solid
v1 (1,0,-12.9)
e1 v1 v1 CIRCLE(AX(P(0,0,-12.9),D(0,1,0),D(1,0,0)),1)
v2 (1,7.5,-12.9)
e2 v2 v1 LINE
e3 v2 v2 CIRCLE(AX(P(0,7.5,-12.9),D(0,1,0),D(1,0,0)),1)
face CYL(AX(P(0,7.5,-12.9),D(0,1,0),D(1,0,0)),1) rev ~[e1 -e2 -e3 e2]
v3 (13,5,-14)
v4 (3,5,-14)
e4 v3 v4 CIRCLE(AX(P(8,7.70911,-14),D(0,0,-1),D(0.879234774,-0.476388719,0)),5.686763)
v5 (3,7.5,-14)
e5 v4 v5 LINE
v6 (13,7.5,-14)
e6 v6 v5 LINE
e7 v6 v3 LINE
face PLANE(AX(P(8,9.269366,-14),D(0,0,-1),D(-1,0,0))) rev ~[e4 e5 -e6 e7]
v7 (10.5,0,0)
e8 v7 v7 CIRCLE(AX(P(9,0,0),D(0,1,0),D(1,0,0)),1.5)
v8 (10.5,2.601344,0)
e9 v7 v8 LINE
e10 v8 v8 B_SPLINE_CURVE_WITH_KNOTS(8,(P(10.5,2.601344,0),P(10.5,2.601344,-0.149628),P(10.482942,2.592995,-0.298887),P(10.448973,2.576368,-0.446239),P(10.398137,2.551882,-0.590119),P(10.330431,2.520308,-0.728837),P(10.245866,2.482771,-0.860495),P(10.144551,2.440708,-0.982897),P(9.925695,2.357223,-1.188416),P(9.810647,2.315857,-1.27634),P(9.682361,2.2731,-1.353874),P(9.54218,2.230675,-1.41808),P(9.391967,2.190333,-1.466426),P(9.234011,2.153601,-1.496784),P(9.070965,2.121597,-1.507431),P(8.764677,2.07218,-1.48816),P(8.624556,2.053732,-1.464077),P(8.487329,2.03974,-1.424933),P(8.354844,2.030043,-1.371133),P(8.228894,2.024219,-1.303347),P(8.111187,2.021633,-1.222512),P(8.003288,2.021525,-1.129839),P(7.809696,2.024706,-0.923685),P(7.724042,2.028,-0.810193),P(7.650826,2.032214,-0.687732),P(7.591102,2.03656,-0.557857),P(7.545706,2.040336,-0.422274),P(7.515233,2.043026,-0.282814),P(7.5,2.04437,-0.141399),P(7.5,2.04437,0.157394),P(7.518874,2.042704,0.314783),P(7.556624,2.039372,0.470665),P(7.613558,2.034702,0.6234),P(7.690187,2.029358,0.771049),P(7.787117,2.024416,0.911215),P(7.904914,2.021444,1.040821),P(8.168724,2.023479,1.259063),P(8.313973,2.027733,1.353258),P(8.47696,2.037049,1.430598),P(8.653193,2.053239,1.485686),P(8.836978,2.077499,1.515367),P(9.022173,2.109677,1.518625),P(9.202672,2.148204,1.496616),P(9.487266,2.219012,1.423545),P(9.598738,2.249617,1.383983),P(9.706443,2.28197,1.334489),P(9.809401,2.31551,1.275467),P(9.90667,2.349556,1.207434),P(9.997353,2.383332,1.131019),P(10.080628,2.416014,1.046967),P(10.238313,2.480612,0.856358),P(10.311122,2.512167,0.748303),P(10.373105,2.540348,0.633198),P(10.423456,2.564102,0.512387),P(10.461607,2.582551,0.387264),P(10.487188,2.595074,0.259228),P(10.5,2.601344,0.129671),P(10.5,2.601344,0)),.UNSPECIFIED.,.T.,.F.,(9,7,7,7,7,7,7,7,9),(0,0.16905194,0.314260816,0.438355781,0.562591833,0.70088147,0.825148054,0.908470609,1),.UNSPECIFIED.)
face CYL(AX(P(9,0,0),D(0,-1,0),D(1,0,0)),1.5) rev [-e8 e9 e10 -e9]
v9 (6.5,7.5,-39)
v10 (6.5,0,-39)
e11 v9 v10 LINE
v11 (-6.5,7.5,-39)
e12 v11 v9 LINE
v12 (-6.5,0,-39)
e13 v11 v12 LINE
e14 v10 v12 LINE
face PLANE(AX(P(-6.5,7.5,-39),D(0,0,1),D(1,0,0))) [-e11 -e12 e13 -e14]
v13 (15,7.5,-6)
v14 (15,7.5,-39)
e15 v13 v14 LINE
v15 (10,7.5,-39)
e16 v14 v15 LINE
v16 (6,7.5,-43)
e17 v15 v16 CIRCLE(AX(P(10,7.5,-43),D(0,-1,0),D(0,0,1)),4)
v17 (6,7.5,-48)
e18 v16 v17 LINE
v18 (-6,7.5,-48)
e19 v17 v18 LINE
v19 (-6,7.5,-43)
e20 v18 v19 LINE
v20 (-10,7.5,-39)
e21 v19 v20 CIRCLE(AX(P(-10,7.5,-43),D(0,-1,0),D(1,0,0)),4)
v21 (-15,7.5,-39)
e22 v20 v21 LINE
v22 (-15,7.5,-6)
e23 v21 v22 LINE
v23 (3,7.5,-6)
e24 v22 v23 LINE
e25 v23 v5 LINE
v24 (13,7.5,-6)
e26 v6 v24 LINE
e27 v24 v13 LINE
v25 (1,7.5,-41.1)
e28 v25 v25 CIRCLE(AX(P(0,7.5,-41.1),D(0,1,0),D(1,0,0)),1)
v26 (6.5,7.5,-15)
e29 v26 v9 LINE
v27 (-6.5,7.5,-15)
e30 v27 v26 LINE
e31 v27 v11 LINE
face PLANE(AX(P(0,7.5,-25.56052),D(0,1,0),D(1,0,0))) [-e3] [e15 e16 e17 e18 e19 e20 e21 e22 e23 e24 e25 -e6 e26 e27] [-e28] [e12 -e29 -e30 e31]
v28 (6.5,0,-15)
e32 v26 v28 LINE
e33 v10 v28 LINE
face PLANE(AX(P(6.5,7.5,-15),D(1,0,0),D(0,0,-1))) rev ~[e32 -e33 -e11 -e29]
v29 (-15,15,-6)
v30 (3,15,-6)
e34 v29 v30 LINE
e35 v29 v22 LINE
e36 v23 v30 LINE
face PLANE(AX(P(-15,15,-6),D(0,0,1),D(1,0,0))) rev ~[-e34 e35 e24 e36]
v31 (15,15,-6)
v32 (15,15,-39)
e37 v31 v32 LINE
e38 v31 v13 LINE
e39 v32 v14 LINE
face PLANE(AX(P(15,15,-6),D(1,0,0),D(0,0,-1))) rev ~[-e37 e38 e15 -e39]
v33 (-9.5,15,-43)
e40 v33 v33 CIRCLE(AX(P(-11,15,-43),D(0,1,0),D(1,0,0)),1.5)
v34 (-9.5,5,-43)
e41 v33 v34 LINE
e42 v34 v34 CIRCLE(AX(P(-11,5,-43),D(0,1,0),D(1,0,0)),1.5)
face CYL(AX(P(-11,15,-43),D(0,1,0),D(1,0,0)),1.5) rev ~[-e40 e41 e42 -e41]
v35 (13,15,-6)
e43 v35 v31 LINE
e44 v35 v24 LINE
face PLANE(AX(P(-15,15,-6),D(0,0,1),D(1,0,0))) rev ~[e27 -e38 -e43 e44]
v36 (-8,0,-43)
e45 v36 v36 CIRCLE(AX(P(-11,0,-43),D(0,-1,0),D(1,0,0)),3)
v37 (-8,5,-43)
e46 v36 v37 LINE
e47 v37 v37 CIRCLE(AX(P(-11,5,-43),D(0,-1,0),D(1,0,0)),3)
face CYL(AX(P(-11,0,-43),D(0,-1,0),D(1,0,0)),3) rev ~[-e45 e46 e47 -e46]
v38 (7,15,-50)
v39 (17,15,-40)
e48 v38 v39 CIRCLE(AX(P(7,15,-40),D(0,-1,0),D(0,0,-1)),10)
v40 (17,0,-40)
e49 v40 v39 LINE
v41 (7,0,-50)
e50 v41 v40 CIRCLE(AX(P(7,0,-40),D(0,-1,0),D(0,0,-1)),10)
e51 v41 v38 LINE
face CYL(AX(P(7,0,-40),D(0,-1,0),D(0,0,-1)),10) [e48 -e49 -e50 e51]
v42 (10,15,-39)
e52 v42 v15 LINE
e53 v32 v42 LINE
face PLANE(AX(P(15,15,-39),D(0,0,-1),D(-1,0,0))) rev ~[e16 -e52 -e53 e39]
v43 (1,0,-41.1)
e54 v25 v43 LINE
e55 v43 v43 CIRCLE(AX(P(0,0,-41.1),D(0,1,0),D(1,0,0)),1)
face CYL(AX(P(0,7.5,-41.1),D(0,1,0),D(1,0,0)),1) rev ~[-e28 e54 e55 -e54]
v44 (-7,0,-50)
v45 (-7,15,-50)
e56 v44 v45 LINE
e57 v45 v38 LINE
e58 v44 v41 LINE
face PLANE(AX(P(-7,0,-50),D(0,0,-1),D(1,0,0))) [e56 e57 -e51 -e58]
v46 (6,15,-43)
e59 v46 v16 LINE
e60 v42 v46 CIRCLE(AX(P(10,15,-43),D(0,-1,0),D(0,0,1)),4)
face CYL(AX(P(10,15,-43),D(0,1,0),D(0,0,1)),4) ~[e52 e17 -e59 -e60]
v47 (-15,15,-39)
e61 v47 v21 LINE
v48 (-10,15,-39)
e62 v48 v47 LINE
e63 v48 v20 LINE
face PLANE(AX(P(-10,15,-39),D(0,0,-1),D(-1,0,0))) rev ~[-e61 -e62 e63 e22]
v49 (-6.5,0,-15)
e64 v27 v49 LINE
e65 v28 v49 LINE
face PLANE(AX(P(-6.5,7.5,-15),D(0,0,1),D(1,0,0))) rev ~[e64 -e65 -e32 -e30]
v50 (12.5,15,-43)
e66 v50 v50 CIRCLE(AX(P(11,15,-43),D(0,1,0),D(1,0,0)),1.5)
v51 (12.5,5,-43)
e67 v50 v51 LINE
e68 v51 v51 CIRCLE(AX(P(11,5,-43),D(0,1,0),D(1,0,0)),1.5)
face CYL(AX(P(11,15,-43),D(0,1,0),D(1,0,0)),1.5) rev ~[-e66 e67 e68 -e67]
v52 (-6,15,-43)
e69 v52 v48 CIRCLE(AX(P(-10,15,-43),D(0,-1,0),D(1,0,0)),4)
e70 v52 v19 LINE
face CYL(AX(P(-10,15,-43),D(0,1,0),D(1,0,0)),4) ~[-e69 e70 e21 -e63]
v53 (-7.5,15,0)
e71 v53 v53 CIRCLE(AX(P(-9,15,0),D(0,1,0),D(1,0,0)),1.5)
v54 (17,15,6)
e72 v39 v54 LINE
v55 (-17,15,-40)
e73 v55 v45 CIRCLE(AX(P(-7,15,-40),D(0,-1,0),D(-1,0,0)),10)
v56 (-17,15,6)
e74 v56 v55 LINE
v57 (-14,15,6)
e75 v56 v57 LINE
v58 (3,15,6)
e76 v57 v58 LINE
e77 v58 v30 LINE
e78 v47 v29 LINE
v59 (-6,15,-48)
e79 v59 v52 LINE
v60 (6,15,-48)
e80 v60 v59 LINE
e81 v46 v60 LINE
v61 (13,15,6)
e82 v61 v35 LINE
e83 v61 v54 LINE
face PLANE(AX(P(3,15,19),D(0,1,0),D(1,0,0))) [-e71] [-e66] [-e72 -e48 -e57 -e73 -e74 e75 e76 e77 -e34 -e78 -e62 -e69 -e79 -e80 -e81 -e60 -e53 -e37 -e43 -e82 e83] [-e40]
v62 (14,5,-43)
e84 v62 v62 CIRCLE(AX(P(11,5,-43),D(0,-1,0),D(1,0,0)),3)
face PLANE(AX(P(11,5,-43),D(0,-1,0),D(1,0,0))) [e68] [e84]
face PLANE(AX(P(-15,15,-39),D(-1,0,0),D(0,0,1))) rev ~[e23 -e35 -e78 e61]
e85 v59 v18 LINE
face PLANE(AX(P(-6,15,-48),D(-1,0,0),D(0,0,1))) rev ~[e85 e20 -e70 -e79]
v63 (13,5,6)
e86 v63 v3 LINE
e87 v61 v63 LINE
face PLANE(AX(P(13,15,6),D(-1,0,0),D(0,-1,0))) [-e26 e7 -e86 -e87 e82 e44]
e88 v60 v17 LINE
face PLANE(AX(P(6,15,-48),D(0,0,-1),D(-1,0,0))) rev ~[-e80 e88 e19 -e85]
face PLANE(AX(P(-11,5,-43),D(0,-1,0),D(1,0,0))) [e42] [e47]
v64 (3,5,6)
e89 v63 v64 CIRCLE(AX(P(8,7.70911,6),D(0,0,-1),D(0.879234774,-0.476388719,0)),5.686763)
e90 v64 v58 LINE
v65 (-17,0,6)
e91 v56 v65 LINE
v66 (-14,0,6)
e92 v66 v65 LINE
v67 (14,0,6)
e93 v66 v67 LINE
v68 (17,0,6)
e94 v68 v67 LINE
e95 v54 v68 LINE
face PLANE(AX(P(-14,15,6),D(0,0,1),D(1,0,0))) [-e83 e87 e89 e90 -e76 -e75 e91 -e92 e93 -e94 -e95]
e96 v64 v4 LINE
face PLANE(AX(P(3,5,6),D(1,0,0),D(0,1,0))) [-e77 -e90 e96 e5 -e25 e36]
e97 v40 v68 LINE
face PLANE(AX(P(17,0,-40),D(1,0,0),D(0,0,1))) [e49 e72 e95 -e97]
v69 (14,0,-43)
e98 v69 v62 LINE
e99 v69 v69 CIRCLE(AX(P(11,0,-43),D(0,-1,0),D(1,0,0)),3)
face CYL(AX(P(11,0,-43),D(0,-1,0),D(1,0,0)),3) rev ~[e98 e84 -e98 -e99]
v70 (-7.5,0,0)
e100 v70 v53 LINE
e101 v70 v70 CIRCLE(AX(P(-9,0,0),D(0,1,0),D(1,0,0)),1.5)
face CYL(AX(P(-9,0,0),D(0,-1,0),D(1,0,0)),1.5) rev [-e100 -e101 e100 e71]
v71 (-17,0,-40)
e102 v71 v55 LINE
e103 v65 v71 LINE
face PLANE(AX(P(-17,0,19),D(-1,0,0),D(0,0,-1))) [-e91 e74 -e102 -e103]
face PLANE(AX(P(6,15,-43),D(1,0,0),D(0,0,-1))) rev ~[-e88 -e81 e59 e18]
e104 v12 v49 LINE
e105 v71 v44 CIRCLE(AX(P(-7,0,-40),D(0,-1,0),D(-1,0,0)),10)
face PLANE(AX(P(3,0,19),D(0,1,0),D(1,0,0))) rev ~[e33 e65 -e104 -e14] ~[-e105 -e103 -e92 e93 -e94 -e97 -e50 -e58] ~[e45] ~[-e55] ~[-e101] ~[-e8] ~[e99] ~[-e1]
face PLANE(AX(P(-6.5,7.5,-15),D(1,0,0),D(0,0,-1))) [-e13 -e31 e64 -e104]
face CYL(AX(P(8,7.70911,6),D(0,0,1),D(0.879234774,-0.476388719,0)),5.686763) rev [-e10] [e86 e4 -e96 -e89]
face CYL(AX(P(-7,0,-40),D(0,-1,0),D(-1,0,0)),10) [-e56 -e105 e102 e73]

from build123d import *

# Parameters (mm, degrees)
SKETCH1_R           = 1.5
BOSS_EXTRUDE3_DEPTH = 15
SKETCH3_R           = 1.5
CUT_EXTRUDE1_DEPTH  = 7.5
SKETCH5_W           = 13
SKETCH5_H           = 24
CUT_EXTRUDE2_DEPTH  = 10
SKETCH6_R           = 1
CUT_EXTRUDE3_DEPTH  = 10
SKETCH8_R           = 5.15
CUT_EXTRUDE4_DEPTH  = 15
SKETCH9_W           = 3
SKETCH9_H           = 13
CUT_EXTRUDE5_DEPTH  = 16
FILLET2_R           = 2
SKETCH10_W          = 6
SKETCH10_H          = 1.8
CUT_EXTRUDE6_DEPTH  = 16
SKETCH11_R          = 0.75
CUT_EXTRUDE7_DEPTH  = 10
SKETCH13_R          = 1.5
CUT_EXTRUDE8_DEPTH  = 16
SKETCH14_R          = 3
CUT_EXTRUDE9_DEPTH  = 5
SKETCH15_W          = 9
SKETCH15_H          = 15
SKETCH15_R          = 1.15
BOSS_EXTRUDE4_DEPTH = 2
SKETCH16_W          = 31.135337716
SKETCH16_H          = 16.721473769
CUT_EXTRUDE10_DEPTH = 16
CUT_EXTRUDE11_DEPTH = 20


with BuildPart() as part:
    # Sketch1 → Boss-Extrude3 (new body)
    with BuildSketch(Plane(origin=(0, 0, 0), x_dir=(1, 0, 0), z_dir=(0, 1, 0))):
        with BuildLine():
            Line((17, 40), (17, -19))
            Line((17, -19), (-17, -19))
            Line((-17, -19), (-17, 40))
            ThreePointArc((-17, 40), (-14.071067812, 47.071067812), (-7, 50))
            Line((-7, 50), (7, 50))
            ThreePointArc((7, 50), (14.071067812, 47.071067812), (17, 40))
        make_face()
        with Locations((-9, 0)):
            Circle(SKETCH1_R, mode=Mode.SUBTRACT)
        with Locations((9, 0)):
            Circle(SKETCH1_R, mode=Mode.SUBTRACT)
    extrude(amount=BOSS_EXTRUDE3_DEPTH)

    # Sketch3 → Cut-Extrude1 (cut)
    with BuildSketch(Plane(origin=(0, 15, 0), x_dir=(1, 0, 0), z_dir=(0, 1, 0))):
        with Locations((-11, 43)):
            Circle(SKETCH3_R)
        with Locations((11, 43)):
            Circle(SKETCH3_R)
        with BuildLine():
            Line((6, 48), (-6, 48))
            Line((-6, 48), (-6, 43))
            ThreePointArc((-6, 43), (-7.171572875, 40.171572875), (-10, 39))
            Line((-10, 39), (-15, 39))
            Line((-15, 39), (-15, 6))
            Line((-15, 6), (15, 6))
            Line((15, 6), (15, 39))
            Line((15, 39), (10, 39))
            ThreePointArc((10, 39), (7.171572875, 40.171572875), (6, 43))
            Line((6, 43), (6, 48))
        make_face()
    extrude(amount=-CUT_EXTRUDE1_DEPTH, mode=Mode.SUBTRACT)

    # Sketch5 → Cut-Extrude2 (cut)
    with BuildSketch(Plane(origin=(0, 7.5, 0), x_dir=(1, 0, 0), z_dir=(0, 1, 0))):
        with Locations((0, 27)):
            Rectangle(SKETCH5_W, SKETCH5_H)
    extrude(amount=-CUT_EXTRUDE2_DEPTH, mode=Mode.SUBTRACT)

    # Sketch6 → Cut-Extrude3 (cut)
    with BuildSketch(Plane(origin=(0, 7.5, 0), x_dir=(1, 0, 0), z_dir=(0, 1, 0))):
        with Locations((0, 41.1)):
            Circle(SKETCH6_R)
        with Locations((0, 12.9)):
            Circle(SKETCH6_R)
    extrude(amount=-CUT_EXTRUDE3_DEPTH, mode=Mode.SUBTRACT)

    # Sketch8 → Cut-Extrude4 (cut)
    with BuildSketch(Plane(origin=(0, 15, 0), x_dir=(1, 0, 0), z_dir=(0, 1, 0))):
        with Locations((-6, -12)):
            Circle(SKETCH8_R)
        with Locations((6, -12)):
            Circle(SKETCH8_R)
    extrude(amount=-CUT_EXTRUDE4_DEPTH, mode=Mode.SUBTRACT)

    # Sketch9 → Cut-Extrude5 (cut, through all)
    with BuildSketch(Plane(origin=(0, 15, 0), x_dir=(1, 0, 0), z_dir=(0, 1, 0))):
        with Locations((15.5, -12.5)):
            Rectangle(SKETCH9_W, SKETCH9_H)
        with Locations((-15.5, -12.5)):
            Rectangle(SKETCH9_W, SKETCH9_H)
    extrude(amount=-CUT_EXTRUDE5_DEPTH, mode=Mode.SUBTRACT)

    # Fillet2
    fillet2_edges = [part.edges().sort_by_distance(p)[0] for p in [
        (14, 7.5, 19),
        (-14, 7.5, 19),
    ]]
    fillet(fillet2_edges, radius=FILLET2_R)

    # Sketch10 → Cut-Extrude6 (cut, through all)
    with BuildSketch(Plane(origin=(0, 15, 0), x_dir=(1, 0, 0), z_dir=(0, 1, 0))):
        with Locations((0, -18.1)):
            Rectangle(SKETCH10_W, SKETCH10_H)
    extrude(amount=-CUT_EXTRUDE6_DEPTH, mode=Mode.SUBTRACT)

    # Sketch11 → Cut-Extrude7 (cut)
    with BuildSketch(Plane.XY.offset(17.2)):
        with Locations((0, 7.5)):
            Circle(SKETCH11_R)
    extrude(amount=-CUT_EXTRUDE7_DEPTH, mode=Mode.SUBTRACT)

    # Sketch13 → Cut-Extrude8 (cut, through all)
    with BuildSketch(Plane(origin=(0, 15, 0), x_dir=(1, 0, 0), z_dir=(0, 1, 0))):
        with Locations((11, 43)):
            Circle(SKETCH13_R)
        with Locations((-11, 43)):
            Circle(SKETCH13_R)
    extrude(amount=-CUT_EXTRUDE8_DEPTH, mode=Mode.SUBTRACT)

    # Sketch14 → Cut-Extrude9 (cut)
    with BuildSketch(Plane.XZ):
        with Locations((11, -43)):
            Circle(SKETCH14_R)
        with Locations((-11, -43)):
            Circle(SKETCH14_R)
    extrude(amount=-CUT_EXTRUDE9_DEPTH, mode=Mode.SUBTRACT)

    # Sketch15 → Boss-Extrude4 (add)
    with BuildSketch(Plane.XY.offset(19)):
        with Locations((7.5, 7.5)):
            Rectangle(SKETCH15_W, SKETCH15_H)
        with Locations((8, 12)):
            Circle(SKETCH15_R, mode=Mode.SUBTRACT)
    extrude(amount=BOSS_EXTRUDE4_DEPTH)

    # Sketch16 → Cut-Extrude10 (cut, through all)
    with BuildSketch(Plane(origin=(0, 15, 0), x_dir=(1, 0, 0), z_dir=(0, 1, 0))):
        with Locations((1.567668858, -14.360736885)):
            Rectangle(SKETCH16_W, SKETCH16_H)
    extrude(amount=-CUT_EXTRUDE10_DEPTH, mode=Mode.SUBTRACT)

    # Sketch19 → Cut-Extrude11 (cut)
    with BuildSketch(Plane.XY.offset(6)):
        with BuildLine():
            Line((3, 15), (13, 15))
            Line((13, 15), (13, 5))
            ThreePointArc((13, 5), (8, 2.022346613), (3, 5))
            Line((3, 5), (3, 15))
        make_face()
    extrude(amount=-CUT_EXTRUDE11_DEPTH, mode=Mode.SUBTRACT)


solid = part.part
